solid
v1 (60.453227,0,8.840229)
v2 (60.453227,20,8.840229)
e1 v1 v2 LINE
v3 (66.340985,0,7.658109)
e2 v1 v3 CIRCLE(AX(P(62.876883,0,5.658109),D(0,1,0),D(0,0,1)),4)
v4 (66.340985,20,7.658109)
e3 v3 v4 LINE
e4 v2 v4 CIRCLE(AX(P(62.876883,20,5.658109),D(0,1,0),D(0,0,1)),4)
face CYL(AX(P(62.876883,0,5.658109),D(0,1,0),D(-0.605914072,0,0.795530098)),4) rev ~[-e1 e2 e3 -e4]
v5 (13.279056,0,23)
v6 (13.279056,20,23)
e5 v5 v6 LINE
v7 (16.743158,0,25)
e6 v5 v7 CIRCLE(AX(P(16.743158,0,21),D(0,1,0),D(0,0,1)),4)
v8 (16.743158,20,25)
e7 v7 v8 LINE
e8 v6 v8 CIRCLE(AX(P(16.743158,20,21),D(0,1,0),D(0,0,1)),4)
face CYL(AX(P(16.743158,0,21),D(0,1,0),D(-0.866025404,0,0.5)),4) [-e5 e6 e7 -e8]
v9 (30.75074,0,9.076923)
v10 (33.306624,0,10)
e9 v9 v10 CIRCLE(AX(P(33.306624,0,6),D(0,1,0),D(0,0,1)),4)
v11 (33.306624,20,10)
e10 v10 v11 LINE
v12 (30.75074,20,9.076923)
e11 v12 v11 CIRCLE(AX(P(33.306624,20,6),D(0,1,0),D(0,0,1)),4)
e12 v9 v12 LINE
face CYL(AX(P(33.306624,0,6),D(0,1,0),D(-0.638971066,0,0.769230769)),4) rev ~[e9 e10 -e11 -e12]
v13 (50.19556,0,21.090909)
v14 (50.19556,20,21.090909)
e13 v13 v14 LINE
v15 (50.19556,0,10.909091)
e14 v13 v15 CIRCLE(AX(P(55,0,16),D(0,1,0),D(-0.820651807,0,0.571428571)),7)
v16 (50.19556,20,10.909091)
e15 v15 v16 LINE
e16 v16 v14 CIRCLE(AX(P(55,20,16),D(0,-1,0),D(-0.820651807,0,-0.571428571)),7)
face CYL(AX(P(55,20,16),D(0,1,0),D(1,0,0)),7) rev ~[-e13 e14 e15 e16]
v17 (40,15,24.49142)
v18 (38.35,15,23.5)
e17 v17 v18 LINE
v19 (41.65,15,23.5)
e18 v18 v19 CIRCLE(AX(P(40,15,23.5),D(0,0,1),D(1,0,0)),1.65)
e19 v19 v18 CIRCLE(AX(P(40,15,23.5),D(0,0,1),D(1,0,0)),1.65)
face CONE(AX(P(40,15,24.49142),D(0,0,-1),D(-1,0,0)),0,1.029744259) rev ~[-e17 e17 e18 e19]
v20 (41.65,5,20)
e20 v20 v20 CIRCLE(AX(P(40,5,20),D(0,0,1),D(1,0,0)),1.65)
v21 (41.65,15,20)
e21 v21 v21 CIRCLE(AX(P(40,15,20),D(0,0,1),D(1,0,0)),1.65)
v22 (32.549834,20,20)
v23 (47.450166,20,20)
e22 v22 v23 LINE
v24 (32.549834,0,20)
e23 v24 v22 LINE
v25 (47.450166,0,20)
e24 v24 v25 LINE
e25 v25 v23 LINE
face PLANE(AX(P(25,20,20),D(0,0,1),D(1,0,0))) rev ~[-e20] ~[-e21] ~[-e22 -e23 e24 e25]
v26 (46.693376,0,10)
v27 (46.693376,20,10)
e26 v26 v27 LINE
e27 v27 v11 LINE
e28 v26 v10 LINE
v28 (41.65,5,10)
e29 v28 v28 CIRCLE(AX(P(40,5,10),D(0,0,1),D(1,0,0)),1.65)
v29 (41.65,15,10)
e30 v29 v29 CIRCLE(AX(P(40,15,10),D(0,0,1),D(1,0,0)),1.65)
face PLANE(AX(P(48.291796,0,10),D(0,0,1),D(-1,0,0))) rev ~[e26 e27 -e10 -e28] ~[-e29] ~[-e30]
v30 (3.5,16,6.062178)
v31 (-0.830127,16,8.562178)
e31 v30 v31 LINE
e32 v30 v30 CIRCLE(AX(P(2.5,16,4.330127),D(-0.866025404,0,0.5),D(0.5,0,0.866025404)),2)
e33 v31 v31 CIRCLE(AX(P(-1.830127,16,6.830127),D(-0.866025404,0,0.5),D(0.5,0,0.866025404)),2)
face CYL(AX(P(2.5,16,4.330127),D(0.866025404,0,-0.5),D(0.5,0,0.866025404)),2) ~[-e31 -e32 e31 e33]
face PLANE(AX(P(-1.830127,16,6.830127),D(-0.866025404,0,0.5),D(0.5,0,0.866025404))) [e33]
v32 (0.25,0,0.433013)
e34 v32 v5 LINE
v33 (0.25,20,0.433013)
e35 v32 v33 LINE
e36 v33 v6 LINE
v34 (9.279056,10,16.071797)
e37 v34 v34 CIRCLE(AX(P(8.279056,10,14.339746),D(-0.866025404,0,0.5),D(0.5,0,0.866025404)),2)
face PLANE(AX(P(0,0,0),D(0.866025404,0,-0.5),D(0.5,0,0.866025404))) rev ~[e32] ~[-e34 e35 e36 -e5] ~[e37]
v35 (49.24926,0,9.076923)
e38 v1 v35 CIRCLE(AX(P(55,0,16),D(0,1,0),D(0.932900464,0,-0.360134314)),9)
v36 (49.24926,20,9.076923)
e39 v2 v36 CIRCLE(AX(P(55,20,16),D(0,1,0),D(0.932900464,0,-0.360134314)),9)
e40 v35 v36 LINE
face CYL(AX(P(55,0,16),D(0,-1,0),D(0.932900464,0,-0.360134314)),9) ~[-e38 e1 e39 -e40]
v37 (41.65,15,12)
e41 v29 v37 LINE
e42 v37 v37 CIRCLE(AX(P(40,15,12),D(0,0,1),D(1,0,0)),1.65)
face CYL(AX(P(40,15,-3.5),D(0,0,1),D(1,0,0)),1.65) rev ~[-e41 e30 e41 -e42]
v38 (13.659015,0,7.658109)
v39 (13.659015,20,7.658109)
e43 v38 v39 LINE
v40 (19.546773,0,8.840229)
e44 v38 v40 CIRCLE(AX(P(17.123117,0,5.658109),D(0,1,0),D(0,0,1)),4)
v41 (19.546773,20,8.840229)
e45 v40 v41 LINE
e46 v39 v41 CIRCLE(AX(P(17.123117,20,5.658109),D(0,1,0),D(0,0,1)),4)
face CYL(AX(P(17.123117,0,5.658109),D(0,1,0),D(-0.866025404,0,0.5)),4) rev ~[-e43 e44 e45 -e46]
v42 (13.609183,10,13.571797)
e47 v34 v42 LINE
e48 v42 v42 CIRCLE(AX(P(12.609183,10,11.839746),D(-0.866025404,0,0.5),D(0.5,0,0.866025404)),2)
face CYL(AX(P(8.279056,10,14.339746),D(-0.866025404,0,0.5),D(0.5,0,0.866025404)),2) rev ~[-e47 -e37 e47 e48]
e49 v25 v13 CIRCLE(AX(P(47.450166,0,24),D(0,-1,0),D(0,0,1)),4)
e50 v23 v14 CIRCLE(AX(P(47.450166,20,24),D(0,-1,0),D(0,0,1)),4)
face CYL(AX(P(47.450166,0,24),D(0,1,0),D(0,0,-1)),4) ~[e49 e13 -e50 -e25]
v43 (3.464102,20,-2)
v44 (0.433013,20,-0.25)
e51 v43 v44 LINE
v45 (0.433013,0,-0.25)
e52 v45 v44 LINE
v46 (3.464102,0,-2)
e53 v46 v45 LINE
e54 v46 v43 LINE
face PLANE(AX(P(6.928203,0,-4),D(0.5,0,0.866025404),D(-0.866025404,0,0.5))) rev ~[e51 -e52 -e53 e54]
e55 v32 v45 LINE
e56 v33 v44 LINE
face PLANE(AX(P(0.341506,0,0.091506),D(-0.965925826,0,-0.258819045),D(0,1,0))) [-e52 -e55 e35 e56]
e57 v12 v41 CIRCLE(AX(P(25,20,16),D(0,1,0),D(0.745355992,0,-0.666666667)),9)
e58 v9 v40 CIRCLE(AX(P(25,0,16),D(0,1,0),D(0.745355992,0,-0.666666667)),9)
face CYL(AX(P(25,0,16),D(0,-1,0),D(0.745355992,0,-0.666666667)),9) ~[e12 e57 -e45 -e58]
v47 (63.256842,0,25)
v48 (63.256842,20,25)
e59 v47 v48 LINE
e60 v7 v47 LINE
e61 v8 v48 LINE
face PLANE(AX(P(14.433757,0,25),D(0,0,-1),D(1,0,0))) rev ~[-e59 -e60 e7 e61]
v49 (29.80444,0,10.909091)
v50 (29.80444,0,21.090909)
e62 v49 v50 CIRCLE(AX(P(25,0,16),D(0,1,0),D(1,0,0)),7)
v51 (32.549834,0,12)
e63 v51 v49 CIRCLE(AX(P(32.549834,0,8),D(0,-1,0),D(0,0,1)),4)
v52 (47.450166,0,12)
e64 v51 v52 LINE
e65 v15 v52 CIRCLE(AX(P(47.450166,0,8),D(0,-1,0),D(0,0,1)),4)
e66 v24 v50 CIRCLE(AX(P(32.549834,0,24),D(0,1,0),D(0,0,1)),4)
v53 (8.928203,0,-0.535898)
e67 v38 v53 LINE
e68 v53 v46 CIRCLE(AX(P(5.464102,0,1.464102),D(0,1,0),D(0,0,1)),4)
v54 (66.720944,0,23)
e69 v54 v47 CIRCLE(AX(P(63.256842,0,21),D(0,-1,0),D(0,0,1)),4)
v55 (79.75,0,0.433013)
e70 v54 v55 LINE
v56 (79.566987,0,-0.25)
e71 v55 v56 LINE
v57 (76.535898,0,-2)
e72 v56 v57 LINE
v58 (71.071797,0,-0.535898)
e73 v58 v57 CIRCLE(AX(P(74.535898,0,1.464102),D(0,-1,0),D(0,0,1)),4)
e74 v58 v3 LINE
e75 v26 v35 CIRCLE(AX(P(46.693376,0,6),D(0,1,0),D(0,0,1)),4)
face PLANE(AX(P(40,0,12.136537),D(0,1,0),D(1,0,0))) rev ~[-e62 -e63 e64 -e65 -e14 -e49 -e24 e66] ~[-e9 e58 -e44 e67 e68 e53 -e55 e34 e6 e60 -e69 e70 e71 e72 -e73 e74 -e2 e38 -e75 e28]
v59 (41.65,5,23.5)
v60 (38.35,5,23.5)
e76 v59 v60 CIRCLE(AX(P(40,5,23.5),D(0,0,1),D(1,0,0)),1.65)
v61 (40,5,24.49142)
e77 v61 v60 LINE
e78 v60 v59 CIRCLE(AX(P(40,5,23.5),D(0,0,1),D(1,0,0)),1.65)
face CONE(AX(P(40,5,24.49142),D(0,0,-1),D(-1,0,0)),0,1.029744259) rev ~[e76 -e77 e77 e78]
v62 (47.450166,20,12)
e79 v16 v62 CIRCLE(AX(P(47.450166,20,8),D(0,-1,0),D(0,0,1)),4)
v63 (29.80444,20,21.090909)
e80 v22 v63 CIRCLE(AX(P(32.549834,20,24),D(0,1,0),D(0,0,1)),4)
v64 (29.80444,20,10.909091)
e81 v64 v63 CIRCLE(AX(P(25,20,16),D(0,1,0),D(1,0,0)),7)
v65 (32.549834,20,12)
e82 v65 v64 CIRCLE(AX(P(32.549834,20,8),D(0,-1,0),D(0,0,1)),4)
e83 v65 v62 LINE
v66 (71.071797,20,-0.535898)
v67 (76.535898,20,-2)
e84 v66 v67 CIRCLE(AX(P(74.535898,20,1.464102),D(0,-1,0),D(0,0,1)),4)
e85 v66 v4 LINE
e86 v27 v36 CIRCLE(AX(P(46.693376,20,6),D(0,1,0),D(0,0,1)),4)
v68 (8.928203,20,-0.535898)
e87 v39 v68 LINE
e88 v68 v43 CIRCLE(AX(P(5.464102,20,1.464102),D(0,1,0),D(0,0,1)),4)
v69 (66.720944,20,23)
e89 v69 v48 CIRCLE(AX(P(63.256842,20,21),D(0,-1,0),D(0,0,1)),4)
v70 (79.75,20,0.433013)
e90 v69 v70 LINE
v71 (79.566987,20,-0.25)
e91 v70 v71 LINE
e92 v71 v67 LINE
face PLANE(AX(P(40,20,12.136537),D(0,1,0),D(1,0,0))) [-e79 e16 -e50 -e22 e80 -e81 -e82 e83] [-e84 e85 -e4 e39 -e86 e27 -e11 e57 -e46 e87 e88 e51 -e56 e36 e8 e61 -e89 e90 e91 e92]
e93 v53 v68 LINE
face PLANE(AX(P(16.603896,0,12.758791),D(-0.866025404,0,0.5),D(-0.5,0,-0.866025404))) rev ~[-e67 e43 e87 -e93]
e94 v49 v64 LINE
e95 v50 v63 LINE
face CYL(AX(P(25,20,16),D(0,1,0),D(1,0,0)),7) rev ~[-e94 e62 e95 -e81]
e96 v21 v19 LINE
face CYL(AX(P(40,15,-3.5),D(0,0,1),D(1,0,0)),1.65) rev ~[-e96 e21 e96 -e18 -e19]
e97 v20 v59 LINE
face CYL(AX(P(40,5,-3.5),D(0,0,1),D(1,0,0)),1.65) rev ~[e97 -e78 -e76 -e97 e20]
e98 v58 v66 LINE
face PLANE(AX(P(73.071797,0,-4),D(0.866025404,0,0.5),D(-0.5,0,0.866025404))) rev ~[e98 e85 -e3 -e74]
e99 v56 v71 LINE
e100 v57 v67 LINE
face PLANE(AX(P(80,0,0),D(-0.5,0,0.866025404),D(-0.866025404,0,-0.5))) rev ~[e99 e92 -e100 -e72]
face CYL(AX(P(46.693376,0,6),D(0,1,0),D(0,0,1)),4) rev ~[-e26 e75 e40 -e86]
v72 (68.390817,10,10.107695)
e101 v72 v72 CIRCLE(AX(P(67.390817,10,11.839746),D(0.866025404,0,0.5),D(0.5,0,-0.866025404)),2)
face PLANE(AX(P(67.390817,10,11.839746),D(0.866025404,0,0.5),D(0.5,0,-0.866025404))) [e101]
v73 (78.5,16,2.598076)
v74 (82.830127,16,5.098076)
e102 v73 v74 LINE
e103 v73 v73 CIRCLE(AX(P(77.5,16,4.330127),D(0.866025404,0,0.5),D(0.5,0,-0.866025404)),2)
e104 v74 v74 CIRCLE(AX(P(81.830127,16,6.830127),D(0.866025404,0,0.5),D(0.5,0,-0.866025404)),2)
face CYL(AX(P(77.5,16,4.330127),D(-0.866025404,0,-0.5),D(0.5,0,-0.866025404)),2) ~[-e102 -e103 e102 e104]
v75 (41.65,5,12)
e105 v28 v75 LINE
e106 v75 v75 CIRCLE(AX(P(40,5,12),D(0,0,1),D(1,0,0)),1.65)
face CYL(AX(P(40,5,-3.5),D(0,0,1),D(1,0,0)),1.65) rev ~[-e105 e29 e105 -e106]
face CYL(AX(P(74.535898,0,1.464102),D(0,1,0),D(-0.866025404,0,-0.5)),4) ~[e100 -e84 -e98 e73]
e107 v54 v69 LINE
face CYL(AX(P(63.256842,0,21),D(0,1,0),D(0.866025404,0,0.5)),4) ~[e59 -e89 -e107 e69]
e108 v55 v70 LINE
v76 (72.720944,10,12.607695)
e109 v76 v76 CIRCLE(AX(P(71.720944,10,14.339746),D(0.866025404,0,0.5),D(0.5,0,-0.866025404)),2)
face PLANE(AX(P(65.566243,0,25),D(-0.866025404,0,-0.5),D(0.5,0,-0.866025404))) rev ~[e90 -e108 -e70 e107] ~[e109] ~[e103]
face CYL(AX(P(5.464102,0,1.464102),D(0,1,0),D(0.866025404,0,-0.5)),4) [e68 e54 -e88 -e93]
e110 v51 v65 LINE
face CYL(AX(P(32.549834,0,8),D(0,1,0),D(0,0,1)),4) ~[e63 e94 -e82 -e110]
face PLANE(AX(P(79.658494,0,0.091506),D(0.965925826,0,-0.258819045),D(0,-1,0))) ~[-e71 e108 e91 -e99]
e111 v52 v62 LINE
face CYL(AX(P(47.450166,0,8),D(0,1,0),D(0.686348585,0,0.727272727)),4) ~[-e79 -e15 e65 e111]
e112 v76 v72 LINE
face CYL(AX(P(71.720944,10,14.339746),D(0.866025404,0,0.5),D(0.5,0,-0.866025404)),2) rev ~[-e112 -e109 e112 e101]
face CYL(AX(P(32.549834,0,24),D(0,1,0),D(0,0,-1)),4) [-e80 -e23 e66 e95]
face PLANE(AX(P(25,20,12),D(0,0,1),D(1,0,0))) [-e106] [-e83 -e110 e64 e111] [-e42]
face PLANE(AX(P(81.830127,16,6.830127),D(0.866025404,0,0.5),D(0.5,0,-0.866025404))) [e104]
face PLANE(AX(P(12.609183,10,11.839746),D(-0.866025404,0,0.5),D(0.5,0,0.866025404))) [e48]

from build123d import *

# Parameters (mm, degrees)
EXTRUDE_1_DEPTH     = 20
SKETCH_2_R          = 7
CUT_EXTRUDE_1_DEPTH = 21
SKETCH_3_W          = 30
SKETCH_3_H          = 8
CUT_EXTRUDE_2_DEPTH = 21
FILLET_1_R          = 4
CHAMFER_1_SIZE      = 0.5
M4X0_71_D           = 3.3
M4X0_71_DEPTH       = 13.5
M4X0_71_TIP         = 0.991420021
SKETCH_6_R          = 2
CUT_EXTRUDE_3_DEPTH = 5
SKETCH_7_R          = 2
CUT_EXTRUDE_4_DEPTH = 5
SKETCH_8_R          = 2
EXTRUDE_2_DEPTH     = 5
SKETCH_9_R          = 2
EXTRUDE_3_DEPTH     = 5


with BuildPart() as part:
    # Эскиз1 → Бобышка-Вытянуть1 (new body)
    with BuildSketch(Plane(origin=(0, 0, 0), x_dir=(1, 0, 0), z_dir=(0, 1, 0))):
        with BuildLine():
            Line((0, 0), (14.43375673, -25))
            Line((14.43375673, -25), (65.56624327, -25))
            Line((65.56624327, -25), (80, 0))
            Line((80, 0), (73.07179677, 4))
            Line((73.07179677, 4), (63.396104176, -12.758791171))
            ThreePointArc((63.396104176, -12.758791171), (56.617091212, -7.146468727), (48.291796068, -10))
            Line((48.291796068, -10), (31.708203932, -10))
            ThreePointArc((31.708203932, -10), (23.382908788, -7.146468727), (16.603895824, -12.758791171))
            Line((16.603895824, -12.758791171), (6.92820323, 4))
            Line((6.92820323, 4), (0, 0))
        make_face()
    extrude(amount=EXTRUDE_1_DEPTH)

    # Эскиз2 → Вырез-Вытянуть1 (cut, through all)
    with BuildSketch(Plane(origin=(0, 20, 0), x_dir=(1, 0, 0), z_dir=(0, 1, 0))):
        with Locations((25, -16)):
            Circle(SKETCH_2_R)
        with Locations((55, -16)):
            Circle(SKETCH_2_R)
    extrude(amount=-CUT_EXTRUDE_1_DEPTH, mode=Mode.SUBTRACT)

    # Эскиз3 → Вырез-Вытянуть2 (cut, through all)
    with BuildSketch(Plane(origin=(0, 20, 0), x_dir=(1, 0, 0), z_dir=(0, 1, 0))):
        with Locations((40, -16)):
            Rectangle(SKETCH_3_W, SKETCH_3_H)
    extrude(amount=-CUT_EXTRUDE_2_DEPTH, mode=Mode.SUBTRACT)

    # Скругление1
    fillet_1_edges = [part.edges().sort_by_distance(p)[0] for p in [
        (6.92820323, 10, -4),
        (16.603895824, 10, 12.758791171),
        (31.708203932, 10, 10),
        (48.291796068, 10, 10),
        (63.396104176, 10, 12.758791171),
        (73.07179677, 10, -4),
        (65.56624327, 10, 25),
        (14.43375673, 10, 25),
        (49.255437353, 10, 12),
        (49.255437353, 10, 20),
        (30.744562647, 10, 20),
        (30.744562647, 10, 12),
    ]]
    fillet(fillet_1_edges, radius=FILLET_1_R)

    # Фаска1
    chamfer_1_edges = [part.edges().sort_by_distance(p)[0] for p in [
        (80, 10, 0),
        (0, 10, 0),
    ]]
    chamfer(chamfer_1_edges, length=CHAMFER_1_SIZE)

    # Отверстие обработанное метчиком M4x0.71
    with Locations(Plane(origin=(40, 5, 10), x_dir=(-1, 0, 0), z_dir=(0, 0, -1))):
        with Locations((0, 0), (0, 10)):
            Hole(M4X0_71_D / 2, depth=M4X0_71_DEPTH)
            with Locations((0, 0, -(M4X0_71_DEPTH + M4X0_71_TIP / 2))):  # 118° drill point
                Cone(0, M4X0_71_D / 2, M4X0_71_TIP, mode=Mode.SUBTRACT)

    # Эскиз6 → Вырез-Вытянуть3 (cut)
    with BuildSketch(Plane(origin=(60, 0, 34.641016151), x_dir=(0.5, 0, -0.866025404), z_dir=(0.866025404, 0, 0.5))):
        with Locations((23.441887617, 10)):
            Circle(SKETCH_6_R)
    extrude(amount=-CUT_EXTRUDE_3_DEPTH, mode=Mode.SUBTRACT)

    # Эскиз7 → Вырез-Вытянуть4 (cut)
    with BuildSketch(Plane(origin=(0, 0, 0), x_dir=(0.5, 0, 0.866025404), z_dir=(-0.866025404, 0, 0.5))):
        with Locations((16.558112383, 10)):
            Circle(SKETCH_7_R)
    extrude(amount=-CUT_EXTRUDE_4_DEPTH, mode=Mode.SUBTRACT)

    # Эскиз8 → Бобышка-Вытянуть2 (add)
    with BuildSketch(Plane(origin=(0, 0, 0), x_dir=(0.5, 0, 0.866025404), z_dir=(-0.866025404, 0, 0.5))):
        with Locations((5, 16)):
            Circle(SKETCH_8_R)
    extrude(amount=EXTRUDE_2_DEPTH)

    # Эскиз9 → Бобышка-Вытянуть3 (add)
    with BuildSketch(Plane(origin=(60, 0, 34.641016151), x_dir=(0.5, 0, -0.866025404), z_dir=(0.866025404, 0, 0.5))):
        with Locations((35, 16)):
            Circle(SKETCH_9_R)
    extrude(amount=EXTRUDE_3_DEPTH)


solid = part.part
